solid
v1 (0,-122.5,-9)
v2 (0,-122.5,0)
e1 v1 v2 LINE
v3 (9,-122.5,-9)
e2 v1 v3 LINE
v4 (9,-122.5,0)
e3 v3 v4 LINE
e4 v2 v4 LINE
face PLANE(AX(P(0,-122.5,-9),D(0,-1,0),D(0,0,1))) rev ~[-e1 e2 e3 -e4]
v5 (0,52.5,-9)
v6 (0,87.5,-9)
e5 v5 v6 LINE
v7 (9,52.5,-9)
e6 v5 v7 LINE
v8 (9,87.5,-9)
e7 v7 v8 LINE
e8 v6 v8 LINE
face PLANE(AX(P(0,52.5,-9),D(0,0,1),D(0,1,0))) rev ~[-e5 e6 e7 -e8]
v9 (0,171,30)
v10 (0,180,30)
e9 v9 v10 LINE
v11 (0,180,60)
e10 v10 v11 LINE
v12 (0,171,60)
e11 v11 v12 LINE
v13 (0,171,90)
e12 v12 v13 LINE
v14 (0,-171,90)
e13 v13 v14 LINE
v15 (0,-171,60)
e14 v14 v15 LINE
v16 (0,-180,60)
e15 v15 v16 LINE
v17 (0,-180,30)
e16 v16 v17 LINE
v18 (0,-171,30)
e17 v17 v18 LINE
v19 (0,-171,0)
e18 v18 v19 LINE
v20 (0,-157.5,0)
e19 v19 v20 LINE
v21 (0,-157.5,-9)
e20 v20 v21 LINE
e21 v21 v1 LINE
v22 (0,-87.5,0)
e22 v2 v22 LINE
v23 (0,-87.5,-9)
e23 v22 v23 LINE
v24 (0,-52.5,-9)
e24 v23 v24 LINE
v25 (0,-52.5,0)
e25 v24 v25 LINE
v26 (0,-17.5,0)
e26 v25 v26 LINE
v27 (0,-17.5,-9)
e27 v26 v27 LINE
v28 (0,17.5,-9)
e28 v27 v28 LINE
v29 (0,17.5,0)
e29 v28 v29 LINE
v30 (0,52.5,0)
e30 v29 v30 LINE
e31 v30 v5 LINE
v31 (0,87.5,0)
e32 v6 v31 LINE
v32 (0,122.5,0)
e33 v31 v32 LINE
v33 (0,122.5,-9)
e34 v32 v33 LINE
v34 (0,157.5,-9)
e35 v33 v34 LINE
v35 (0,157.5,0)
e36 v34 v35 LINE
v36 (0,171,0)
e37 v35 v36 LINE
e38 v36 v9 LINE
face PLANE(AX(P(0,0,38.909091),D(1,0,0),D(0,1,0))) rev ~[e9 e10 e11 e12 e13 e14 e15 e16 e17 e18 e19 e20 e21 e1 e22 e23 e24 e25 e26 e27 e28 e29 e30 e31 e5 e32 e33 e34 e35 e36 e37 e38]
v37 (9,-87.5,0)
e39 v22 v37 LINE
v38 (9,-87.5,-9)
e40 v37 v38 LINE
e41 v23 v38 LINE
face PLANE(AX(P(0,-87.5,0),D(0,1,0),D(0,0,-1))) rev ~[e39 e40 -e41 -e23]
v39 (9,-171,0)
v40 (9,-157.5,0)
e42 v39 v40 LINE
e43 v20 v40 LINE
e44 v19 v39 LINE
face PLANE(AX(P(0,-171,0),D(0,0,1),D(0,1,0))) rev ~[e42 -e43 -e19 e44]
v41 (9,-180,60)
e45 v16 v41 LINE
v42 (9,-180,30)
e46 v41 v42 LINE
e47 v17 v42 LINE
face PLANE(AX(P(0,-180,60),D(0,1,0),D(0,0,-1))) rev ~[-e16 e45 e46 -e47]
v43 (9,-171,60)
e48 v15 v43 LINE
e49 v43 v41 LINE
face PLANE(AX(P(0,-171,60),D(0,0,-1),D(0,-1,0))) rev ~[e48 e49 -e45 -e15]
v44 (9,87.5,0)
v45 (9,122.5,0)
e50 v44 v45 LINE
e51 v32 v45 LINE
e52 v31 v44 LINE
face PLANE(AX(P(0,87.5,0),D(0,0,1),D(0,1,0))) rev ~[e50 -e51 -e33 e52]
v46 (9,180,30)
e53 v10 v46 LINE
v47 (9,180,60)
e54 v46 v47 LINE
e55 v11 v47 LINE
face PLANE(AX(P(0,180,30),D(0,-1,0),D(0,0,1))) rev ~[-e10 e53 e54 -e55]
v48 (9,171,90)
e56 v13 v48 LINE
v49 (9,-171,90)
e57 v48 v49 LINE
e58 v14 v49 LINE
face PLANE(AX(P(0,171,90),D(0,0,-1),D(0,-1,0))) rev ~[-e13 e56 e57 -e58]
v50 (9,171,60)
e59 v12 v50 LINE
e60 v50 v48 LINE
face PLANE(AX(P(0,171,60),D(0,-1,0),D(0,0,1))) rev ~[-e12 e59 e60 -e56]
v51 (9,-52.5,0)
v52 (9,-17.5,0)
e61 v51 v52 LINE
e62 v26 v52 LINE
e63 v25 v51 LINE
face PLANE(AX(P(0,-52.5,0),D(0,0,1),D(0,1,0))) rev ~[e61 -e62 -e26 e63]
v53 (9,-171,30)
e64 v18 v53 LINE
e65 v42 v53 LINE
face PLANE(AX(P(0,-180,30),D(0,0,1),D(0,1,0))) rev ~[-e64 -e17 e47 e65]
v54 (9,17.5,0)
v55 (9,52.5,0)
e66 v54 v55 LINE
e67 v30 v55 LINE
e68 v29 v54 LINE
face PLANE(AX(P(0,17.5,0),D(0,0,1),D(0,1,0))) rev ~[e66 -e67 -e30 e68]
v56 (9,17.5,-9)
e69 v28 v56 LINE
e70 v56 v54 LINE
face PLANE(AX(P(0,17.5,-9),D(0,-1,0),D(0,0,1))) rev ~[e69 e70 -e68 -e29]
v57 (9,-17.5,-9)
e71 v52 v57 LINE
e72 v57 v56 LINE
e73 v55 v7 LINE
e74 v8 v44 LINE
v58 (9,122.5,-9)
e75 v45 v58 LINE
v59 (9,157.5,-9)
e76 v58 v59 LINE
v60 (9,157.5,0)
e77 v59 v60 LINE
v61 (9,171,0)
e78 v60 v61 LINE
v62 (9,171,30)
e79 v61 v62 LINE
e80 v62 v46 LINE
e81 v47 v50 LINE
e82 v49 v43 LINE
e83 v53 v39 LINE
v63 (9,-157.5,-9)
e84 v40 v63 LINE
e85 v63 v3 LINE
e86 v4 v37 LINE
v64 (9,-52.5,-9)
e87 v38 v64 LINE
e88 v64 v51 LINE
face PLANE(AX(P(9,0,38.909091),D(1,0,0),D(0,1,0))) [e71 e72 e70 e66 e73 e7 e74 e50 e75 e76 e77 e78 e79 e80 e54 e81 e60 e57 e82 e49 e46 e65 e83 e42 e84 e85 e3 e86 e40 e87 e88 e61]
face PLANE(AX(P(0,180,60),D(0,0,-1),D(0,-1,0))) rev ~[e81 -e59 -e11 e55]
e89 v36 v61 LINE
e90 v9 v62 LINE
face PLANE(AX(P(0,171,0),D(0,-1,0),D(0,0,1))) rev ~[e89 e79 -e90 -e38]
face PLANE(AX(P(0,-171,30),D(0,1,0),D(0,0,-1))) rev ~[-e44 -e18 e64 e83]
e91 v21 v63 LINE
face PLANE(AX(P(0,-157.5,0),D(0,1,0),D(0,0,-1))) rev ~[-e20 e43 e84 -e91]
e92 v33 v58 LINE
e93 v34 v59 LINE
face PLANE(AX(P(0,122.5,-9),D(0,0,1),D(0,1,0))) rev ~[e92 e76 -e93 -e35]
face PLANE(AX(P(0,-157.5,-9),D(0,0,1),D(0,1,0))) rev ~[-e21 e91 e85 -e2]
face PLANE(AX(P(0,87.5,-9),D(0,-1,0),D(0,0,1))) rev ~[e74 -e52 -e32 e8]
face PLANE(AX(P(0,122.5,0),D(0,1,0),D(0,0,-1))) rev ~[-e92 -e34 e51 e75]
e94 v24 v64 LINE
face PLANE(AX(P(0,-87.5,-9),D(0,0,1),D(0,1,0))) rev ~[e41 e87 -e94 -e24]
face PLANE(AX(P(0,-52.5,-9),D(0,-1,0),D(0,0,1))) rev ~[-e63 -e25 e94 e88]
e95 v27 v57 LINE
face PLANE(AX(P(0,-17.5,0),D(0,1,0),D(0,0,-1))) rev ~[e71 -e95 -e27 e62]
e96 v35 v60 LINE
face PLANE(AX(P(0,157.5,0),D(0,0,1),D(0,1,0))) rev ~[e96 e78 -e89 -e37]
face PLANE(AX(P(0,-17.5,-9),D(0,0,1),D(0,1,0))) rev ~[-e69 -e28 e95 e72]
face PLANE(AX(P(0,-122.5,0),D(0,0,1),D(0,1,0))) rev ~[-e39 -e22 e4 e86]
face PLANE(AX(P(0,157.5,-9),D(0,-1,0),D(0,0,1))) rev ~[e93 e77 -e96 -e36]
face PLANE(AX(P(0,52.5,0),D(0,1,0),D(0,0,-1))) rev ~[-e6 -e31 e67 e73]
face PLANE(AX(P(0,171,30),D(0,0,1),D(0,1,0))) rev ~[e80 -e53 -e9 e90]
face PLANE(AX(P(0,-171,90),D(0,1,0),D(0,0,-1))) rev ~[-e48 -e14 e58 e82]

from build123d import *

# Parameters (mm, degrees)
F1_DEPTH = 9


with BuildPart() as f1:
    # F0 (on Right) → F1 (new body)
    with BuildSketch(Plane.YZ):
        Polygon((-171, 60), (-180, 60), (-180, 30), (-171, 30), (-171, 0), (-157.5, 0), (-157.5, -9), (-122.5, -9), (-122.5, 0), (-87.5, 0), (-87.5, -9), (-52.5, -9), (-52.5, 0), (-17.5, 0), (-17.5, -9), (0, -9), (17.5, -9), (17.5, 0), (52.5, 0), (52.5, -9), (87.5, -9), (87.5, 0), (122.5, 0), (122.5, -9), (157.5, -9), (157.5, 0), (171, 0), (171, 30), (180, 30), (180, 60), (171, 60), (171, 90), (0, 90), (-171, 90), align=None)
    extrude(amount=F1_DEPTH)


solid = f1.part
